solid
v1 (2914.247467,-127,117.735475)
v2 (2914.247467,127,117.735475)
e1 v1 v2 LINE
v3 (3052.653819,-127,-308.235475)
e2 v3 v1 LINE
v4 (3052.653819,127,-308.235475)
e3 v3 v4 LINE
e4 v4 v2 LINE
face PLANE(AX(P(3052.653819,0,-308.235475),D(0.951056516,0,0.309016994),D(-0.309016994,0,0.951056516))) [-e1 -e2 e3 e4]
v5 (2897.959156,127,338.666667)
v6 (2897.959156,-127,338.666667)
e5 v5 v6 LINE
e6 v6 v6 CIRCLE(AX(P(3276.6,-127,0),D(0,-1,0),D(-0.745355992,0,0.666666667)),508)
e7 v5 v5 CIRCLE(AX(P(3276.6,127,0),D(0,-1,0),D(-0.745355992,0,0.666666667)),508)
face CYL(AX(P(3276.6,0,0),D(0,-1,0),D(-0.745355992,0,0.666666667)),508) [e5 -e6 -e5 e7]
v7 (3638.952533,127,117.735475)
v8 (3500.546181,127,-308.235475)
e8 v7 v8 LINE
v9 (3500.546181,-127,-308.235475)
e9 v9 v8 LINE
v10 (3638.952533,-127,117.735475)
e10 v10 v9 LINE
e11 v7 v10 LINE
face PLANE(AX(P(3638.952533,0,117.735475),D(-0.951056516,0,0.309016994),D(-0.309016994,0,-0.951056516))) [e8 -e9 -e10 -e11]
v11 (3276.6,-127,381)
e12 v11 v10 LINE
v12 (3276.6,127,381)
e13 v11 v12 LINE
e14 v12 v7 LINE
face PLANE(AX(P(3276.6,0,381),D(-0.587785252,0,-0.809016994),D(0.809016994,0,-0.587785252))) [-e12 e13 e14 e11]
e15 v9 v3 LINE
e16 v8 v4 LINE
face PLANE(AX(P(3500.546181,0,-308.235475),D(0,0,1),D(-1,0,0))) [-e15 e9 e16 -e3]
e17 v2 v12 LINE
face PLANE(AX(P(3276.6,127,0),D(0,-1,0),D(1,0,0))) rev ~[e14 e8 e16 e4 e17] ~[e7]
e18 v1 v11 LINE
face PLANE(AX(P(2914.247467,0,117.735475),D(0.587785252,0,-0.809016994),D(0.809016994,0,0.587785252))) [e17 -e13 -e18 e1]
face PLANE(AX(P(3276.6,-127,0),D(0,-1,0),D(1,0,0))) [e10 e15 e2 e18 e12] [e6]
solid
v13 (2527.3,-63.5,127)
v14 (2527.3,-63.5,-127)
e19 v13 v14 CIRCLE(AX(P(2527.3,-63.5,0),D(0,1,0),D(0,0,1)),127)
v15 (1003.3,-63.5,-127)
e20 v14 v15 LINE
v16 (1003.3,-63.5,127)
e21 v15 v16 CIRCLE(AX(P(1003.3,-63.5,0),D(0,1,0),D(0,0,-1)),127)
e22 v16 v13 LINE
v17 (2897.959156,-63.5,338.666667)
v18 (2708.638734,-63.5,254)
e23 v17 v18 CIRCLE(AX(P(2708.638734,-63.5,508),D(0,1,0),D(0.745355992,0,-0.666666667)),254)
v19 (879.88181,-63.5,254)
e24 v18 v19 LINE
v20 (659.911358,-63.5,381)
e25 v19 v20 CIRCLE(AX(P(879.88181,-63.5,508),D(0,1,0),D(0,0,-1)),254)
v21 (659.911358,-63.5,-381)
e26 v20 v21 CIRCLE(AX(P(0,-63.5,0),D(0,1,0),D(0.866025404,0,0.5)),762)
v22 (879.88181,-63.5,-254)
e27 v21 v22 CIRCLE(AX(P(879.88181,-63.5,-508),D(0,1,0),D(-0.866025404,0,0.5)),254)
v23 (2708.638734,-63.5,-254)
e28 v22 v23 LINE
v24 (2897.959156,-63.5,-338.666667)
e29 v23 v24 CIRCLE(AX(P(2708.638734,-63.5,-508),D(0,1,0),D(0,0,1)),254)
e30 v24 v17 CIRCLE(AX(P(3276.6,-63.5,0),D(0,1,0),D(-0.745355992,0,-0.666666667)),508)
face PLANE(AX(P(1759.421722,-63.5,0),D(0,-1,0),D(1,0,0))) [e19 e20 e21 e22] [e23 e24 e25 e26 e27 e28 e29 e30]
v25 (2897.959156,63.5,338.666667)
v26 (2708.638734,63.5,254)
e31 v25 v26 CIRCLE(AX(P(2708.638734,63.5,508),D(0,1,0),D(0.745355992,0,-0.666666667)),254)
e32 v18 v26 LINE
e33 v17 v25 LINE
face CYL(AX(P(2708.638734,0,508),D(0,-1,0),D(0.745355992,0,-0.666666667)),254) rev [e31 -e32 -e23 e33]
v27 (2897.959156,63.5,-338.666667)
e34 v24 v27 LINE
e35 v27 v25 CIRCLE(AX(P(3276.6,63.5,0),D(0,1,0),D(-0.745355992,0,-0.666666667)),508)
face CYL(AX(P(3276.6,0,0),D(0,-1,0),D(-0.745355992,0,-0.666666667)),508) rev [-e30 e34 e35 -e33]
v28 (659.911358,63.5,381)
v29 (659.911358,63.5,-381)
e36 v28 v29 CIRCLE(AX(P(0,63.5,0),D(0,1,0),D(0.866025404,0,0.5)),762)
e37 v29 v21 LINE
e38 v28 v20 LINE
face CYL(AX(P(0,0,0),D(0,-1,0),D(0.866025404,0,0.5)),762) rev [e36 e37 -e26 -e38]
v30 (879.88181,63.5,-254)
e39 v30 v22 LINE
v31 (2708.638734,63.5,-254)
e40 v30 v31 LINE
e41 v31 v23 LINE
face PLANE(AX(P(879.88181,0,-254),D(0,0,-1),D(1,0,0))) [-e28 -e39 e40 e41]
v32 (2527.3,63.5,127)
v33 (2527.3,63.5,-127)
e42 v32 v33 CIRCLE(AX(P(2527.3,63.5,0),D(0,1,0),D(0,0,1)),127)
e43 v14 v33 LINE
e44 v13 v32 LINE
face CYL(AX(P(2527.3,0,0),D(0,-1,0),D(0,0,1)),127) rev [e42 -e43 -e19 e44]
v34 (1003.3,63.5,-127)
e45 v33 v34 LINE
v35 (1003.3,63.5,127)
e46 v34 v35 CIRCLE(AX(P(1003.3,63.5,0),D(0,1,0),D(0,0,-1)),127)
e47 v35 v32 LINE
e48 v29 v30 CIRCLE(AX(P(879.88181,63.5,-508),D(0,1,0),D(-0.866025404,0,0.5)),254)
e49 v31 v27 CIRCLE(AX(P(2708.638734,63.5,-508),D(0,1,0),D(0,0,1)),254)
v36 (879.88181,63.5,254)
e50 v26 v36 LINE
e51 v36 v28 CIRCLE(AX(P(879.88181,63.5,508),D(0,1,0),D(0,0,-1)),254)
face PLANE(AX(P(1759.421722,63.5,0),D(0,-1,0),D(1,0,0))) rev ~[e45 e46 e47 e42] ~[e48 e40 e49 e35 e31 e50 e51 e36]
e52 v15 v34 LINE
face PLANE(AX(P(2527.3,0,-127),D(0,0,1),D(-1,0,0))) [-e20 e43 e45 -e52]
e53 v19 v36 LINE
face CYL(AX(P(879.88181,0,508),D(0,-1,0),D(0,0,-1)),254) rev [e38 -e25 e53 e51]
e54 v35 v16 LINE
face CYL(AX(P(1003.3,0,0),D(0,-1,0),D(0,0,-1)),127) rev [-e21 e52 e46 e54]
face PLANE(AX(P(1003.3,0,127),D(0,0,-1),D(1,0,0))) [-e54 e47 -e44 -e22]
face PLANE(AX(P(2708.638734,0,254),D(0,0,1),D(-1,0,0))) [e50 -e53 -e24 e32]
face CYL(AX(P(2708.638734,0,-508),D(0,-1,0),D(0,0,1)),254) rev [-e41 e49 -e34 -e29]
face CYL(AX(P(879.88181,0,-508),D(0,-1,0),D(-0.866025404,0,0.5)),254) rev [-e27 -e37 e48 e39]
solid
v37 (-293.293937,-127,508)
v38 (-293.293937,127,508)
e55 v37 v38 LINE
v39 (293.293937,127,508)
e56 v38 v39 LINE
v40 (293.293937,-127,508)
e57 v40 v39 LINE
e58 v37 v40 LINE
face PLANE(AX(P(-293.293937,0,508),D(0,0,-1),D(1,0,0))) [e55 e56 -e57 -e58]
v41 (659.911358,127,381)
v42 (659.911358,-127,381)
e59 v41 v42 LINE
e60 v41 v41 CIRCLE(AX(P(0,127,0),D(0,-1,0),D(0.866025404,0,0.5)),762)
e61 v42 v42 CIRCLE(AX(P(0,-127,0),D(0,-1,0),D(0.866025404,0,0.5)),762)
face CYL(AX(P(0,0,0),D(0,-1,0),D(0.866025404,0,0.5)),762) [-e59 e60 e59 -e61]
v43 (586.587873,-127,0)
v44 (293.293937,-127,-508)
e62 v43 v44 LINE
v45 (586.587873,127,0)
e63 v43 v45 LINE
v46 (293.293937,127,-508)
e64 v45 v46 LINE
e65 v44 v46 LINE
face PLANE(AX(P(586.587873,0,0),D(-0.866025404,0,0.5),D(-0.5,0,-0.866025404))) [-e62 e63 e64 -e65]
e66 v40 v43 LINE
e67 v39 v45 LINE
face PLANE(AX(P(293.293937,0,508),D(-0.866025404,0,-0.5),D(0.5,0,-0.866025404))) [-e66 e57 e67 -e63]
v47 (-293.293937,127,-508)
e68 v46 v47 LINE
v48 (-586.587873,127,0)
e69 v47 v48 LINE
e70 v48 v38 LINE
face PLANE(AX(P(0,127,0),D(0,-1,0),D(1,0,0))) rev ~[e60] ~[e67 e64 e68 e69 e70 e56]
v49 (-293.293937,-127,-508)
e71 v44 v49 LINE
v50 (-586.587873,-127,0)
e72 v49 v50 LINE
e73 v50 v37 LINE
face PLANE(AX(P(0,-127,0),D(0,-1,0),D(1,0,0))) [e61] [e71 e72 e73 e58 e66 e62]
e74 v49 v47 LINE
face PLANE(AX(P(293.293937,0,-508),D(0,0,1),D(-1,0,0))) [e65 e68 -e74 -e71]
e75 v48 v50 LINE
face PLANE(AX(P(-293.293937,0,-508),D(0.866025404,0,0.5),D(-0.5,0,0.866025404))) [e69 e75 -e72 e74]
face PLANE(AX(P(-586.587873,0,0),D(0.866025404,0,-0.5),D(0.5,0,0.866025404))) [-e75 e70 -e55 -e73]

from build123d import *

# Parameters (mm, degrees)
F1_DEPTH = 127
F2_DEPTH = 127
F3_DEPTH = 63.5


with BuildPart() as f1:
    # F0 (on Front) → F1 (new body, symmetric)
    with BuildSketch(Plane.XZ):
        with BuildLine():
            ThreePointArc((659.9113576837, -381), (762, 0), (659.9113576837, 381))
            ThreePointArc((659.9113576837, 381), (-762, 0), (659.9113576837, -381))
        make_face()
        Polygon((-586.5878734967, 0), (-293.2939367483, 508), (293.2939367483, 508), (586.5878734967, 0), (293.2939367483, -508), (-293.2939367483, -508), align=None, mode=Mode.SUBTRACT)
    extrude(amount=F1_DEPTH, both=True)


with BuildPart() as f2:
    # F0 (on Front) → F2 (new body, symmetric)
    with BuildSketch(Plane.XZ):
        with BuildLine():
            ThreePointArc((2897.95915581, -338.6666666667), (3784.6, 0), (2897.95915581, 338.6666666667))
            ThreePointArc((2897.95915581, 338.6666666667), (2768.6, 0), (2897.95915581, -338.6666666667))
        make_face()
        Polygon((3638.9525327085, 117.7354748569), (3500.5461811234, -308.2354748569), (3052.6538188766, -308.2354748569), (2914.2474672915, 117.7354748569), (3276.6, 381), align=None, mode=Mode.SUBTRACT)
    extrude(amount=F2_DEPTH, both=True)


with BuildPart() as f3:
    # F0 (on Front) → F3 (new body, symmetric)
    with BuildSketch(Plane.XZ):
        with BuildLine():
            ThreePointArc((879.881810245, 254), (752.881810245, 288.0295474388), (659.9113576837, 381))
            ThreePointArc((659.9113576837, 381), (762, 0), (659.9113576837, -381))
            ThreePointArc((659.9113576837, -381), (752.881810245, -288.0295474388), (879.881810245, -254))
            Line((879.881810245, -254), (2708.6387337151, -254))
            ThreePointArc((2708.6387337151, -254), (2812.3337994929, -276.1307839895), (2897.95915581, -338.6666666667))
            ThreePointArc((2897.95915581, -338.6666666667), (2768.6, 0), (2897.95915581, 338.6666666667))
            ThreePointArc((2897.95915581, 338.6666666667), (2812.3337994929, 276.1307839895), (2708.6387337151, 254))
            Line((2708.6387337151, 254), (879.881810245, 254))
        make_face()
        with BuildLine():
            Line((1003.3, 127), (1765.3, 127))
            Line((1765.3, 127), (2527.3, 127))
            ThreePointArc((2527.3, 127), (2654.3, 0), (2527.3, -127))
            Line((2527.3, -127), (1003.3, -127))
            ThreePointArc((1003.3, -127), (876.3, 0), (1003.3, 127))
        make_face(mode=Mode.SUBTRACT)
    extrude(amount=F3_DEPTH, both=True)


solid = Compound([f1.part, f2.part, f3.part])
